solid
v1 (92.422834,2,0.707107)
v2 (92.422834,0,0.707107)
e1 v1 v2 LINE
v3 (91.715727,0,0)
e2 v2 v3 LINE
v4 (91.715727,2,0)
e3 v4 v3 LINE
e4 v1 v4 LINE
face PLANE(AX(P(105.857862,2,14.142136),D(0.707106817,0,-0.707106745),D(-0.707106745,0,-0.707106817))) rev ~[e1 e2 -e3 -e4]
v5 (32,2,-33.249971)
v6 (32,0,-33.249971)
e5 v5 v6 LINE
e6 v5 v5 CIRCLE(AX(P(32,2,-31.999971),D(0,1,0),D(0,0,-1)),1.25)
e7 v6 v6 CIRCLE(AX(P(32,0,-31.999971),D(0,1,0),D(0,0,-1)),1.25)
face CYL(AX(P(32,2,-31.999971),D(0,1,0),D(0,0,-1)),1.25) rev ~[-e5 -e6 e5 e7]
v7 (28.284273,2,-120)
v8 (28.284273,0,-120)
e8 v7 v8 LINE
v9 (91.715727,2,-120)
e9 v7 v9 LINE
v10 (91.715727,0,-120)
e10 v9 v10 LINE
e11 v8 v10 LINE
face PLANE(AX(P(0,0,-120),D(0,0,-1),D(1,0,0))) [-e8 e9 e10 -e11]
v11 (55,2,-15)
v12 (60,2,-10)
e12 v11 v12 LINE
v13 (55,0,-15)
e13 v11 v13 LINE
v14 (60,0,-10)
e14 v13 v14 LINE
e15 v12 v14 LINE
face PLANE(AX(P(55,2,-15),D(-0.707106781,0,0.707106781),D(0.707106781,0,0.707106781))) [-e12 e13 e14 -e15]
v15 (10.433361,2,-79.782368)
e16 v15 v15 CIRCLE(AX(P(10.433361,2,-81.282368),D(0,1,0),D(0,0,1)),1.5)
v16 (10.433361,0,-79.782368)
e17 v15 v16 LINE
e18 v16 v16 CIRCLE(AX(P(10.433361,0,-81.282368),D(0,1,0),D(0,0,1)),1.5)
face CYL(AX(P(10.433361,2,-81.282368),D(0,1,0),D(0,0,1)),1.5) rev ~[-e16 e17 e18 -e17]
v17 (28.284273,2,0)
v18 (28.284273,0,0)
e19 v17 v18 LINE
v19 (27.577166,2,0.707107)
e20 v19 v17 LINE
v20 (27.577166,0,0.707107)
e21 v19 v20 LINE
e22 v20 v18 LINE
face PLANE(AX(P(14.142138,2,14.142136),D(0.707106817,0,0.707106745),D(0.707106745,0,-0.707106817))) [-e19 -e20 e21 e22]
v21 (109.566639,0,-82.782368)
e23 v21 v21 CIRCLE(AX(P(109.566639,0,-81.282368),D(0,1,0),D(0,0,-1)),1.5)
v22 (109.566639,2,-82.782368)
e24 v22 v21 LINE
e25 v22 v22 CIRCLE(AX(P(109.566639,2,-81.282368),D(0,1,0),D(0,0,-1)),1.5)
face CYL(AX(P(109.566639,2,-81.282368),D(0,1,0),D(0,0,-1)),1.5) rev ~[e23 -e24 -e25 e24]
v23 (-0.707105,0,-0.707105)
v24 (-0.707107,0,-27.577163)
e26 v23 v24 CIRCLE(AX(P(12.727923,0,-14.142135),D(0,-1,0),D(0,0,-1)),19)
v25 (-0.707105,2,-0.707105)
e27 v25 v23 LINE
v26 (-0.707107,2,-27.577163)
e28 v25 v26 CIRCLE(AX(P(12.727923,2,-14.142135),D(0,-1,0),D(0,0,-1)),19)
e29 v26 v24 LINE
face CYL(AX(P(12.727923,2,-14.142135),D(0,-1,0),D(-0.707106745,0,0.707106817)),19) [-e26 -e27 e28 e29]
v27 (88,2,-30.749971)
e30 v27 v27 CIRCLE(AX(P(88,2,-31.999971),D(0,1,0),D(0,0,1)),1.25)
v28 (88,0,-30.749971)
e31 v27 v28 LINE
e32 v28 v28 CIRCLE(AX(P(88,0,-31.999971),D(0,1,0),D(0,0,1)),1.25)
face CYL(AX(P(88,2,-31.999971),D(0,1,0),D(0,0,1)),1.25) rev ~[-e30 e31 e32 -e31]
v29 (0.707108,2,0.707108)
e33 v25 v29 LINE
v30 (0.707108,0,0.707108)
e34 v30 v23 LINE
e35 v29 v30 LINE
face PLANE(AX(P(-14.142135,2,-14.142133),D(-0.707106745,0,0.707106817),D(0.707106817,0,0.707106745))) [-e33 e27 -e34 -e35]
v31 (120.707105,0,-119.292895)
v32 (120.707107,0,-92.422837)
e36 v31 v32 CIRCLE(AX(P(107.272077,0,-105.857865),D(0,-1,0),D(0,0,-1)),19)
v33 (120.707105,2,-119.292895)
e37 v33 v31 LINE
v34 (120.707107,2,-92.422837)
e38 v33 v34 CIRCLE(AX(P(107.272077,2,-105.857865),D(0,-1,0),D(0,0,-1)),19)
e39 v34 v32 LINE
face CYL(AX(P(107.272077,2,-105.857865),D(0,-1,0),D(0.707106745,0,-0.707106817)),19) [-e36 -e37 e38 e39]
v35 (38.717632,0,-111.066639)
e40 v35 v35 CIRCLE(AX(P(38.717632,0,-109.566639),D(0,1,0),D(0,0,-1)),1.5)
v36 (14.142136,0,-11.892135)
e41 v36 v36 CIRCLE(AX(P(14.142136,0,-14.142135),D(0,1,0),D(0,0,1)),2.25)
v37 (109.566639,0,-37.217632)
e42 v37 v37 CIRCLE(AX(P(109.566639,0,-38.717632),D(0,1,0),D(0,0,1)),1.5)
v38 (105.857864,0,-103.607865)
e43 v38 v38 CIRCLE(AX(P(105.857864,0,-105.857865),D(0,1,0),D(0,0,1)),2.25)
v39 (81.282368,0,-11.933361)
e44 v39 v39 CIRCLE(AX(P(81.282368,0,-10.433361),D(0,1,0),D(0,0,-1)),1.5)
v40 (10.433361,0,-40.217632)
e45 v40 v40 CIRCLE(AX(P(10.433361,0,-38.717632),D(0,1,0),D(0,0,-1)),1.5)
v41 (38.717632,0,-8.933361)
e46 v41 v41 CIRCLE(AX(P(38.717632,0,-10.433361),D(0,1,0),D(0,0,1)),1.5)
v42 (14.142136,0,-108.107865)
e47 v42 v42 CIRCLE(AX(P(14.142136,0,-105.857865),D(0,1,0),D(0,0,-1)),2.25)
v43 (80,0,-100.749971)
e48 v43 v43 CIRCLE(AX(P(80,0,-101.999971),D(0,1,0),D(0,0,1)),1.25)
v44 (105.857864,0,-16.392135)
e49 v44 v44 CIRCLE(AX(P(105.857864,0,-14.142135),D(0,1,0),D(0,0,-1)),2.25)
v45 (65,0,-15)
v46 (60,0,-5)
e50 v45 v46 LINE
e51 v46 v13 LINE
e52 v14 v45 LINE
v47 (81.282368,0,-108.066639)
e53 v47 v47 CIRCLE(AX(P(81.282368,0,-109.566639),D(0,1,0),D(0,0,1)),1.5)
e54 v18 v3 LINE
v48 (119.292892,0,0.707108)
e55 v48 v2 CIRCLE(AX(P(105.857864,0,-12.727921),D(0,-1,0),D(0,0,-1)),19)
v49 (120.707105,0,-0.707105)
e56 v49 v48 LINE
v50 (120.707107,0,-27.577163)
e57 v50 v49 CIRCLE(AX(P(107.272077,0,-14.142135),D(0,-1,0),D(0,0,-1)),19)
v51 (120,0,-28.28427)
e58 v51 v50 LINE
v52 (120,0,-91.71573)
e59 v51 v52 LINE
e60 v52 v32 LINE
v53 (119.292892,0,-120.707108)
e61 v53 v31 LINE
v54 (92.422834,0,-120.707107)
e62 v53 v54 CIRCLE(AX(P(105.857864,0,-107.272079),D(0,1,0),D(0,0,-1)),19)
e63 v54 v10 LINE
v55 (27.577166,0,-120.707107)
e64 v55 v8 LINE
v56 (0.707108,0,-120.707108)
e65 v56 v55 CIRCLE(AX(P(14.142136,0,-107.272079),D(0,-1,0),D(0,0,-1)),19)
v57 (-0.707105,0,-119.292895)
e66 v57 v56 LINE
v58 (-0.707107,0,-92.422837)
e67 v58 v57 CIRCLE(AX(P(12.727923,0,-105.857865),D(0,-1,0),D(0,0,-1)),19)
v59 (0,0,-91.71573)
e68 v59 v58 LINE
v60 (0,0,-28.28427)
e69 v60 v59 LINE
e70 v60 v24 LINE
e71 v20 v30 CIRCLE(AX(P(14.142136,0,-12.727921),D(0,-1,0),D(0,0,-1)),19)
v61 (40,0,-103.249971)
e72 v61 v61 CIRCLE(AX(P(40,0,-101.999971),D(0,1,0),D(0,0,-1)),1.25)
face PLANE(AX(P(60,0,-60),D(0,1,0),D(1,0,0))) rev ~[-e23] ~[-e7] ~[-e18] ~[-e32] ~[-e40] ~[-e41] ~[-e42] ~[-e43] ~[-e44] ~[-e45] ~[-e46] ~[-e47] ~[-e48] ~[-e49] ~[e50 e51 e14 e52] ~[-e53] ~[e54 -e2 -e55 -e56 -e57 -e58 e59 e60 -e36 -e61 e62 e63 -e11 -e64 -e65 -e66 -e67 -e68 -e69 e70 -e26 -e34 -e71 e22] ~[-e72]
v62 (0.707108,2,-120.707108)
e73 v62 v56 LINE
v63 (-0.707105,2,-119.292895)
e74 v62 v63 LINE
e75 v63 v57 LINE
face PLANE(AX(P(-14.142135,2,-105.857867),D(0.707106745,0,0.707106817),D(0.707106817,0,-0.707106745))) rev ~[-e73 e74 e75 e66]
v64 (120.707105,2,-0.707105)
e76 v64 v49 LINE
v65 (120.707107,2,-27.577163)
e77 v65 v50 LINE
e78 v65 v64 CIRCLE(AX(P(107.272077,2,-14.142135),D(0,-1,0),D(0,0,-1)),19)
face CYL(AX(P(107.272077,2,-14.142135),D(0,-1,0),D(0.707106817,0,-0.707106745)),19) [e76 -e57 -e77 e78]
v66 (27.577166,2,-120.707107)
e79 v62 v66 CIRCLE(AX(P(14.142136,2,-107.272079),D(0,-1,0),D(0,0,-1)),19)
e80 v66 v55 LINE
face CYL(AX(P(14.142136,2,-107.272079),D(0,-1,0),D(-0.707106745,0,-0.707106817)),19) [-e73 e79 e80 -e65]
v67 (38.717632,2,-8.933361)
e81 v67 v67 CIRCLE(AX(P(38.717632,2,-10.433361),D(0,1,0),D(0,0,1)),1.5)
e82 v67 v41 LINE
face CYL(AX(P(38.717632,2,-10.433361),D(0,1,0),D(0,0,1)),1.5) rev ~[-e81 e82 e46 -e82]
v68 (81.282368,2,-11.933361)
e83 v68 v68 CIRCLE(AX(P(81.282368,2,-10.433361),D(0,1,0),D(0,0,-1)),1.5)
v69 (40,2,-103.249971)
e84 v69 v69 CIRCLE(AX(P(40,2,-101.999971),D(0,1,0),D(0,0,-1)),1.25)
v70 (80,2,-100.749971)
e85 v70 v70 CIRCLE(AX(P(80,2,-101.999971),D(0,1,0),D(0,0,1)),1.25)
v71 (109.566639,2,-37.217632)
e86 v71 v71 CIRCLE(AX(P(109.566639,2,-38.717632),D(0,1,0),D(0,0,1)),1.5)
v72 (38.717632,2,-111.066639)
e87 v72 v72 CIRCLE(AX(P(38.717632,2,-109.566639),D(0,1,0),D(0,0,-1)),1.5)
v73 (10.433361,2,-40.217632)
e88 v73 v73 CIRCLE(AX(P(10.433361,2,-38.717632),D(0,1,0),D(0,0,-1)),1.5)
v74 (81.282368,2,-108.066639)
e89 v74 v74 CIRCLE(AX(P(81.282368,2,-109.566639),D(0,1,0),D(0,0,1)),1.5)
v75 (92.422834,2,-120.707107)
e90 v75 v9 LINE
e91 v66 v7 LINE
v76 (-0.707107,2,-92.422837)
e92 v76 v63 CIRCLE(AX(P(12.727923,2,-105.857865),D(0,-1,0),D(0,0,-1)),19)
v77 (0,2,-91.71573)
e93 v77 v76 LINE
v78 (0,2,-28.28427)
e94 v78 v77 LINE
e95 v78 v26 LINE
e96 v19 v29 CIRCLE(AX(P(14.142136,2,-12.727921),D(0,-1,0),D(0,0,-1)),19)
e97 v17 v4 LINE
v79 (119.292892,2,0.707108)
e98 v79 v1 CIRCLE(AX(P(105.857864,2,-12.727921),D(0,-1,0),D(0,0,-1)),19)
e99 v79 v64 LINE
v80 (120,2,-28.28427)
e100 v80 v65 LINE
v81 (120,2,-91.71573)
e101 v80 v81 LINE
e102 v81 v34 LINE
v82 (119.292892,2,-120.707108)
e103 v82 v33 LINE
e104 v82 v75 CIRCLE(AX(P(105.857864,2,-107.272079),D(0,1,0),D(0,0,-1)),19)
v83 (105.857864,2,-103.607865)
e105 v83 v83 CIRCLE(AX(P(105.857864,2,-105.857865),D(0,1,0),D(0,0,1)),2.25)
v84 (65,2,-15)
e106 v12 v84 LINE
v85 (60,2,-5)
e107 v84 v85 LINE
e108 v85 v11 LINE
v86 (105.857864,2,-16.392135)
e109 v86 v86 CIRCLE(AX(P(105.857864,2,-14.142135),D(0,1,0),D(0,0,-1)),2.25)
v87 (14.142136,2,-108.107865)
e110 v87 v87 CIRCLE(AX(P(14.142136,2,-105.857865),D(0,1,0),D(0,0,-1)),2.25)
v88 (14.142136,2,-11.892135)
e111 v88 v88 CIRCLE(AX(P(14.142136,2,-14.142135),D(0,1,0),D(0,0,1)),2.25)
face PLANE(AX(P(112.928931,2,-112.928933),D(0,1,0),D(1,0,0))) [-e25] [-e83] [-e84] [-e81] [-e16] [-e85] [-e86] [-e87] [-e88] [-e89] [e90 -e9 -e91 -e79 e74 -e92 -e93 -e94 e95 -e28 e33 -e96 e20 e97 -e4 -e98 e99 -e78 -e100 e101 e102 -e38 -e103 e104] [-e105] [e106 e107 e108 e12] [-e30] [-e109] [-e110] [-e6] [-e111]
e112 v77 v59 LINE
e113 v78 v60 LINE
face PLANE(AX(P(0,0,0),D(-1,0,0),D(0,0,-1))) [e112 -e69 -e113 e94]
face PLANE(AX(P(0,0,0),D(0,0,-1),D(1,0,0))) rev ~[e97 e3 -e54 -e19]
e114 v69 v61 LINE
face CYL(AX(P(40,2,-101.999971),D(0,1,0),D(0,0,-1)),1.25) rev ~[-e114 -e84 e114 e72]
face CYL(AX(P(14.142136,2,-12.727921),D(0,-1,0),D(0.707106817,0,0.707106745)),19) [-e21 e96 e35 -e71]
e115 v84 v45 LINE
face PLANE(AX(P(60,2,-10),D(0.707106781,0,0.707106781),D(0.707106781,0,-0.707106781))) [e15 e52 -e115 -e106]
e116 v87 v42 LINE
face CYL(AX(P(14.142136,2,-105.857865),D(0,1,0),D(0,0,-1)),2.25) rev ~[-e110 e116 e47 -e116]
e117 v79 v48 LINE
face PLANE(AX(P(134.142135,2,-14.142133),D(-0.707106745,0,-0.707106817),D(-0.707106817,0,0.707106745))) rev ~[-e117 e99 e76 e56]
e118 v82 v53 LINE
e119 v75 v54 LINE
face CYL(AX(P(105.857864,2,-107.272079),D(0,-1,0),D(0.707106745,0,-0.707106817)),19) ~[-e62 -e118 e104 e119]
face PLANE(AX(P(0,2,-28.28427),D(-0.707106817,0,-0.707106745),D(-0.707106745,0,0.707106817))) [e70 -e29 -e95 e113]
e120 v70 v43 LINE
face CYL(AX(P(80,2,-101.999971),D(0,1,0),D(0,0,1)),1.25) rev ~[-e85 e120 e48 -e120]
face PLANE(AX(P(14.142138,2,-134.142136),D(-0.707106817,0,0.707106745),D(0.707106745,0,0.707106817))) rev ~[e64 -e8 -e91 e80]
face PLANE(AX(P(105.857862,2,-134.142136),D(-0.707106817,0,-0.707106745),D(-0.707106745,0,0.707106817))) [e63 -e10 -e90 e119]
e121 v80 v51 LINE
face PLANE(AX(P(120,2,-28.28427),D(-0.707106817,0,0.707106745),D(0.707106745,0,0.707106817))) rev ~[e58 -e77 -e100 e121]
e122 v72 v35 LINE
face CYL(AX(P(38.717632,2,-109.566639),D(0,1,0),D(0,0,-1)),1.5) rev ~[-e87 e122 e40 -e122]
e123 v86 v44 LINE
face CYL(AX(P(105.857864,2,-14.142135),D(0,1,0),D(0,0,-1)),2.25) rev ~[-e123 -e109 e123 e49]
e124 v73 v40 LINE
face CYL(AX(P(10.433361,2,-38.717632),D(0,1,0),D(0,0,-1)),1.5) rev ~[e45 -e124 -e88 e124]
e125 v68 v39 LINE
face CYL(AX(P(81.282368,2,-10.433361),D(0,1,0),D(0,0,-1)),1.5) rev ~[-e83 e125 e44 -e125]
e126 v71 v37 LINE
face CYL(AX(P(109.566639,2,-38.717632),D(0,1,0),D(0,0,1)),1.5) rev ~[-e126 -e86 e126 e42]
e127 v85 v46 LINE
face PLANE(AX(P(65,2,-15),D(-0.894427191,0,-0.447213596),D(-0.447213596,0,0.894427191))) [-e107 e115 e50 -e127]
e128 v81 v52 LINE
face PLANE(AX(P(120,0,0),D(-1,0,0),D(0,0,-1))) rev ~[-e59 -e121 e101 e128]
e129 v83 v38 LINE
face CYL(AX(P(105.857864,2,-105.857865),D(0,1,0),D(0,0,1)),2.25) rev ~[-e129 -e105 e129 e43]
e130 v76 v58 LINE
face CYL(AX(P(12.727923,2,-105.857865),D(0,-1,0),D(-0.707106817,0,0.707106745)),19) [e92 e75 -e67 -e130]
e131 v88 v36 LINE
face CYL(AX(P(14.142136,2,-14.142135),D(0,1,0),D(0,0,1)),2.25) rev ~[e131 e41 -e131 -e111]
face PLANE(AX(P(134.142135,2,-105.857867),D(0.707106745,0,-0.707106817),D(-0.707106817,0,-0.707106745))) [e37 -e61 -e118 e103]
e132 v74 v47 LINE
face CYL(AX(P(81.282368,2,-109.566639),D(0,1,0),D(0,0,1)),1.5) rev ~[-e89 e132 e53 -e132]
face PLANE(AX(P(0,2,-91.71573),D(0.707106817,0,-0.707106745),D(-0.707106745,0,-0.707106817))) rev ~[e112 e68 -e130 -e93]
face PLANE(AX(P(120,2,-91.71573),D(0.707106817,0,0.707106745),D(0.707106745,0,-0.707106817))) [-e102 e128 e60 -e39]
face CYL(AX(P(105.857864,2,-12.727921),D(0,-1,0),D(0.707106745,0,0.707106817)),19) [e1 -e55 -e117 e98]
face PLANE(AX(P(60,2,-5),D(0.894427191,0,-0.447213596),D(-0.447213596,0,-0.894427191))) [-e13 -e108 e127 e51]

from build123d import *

# Parameters (mm, degrees)
SKETCH1_W           = 120
SKETCH1_H           = 120
BOSS_EXTRUDE1_DEPTH = 2
BOSS_EXTRUDE3_DEPTH = 2
FILLET1_R           = 19
SKETCH4_R           = 1.5
CUT_EXTRUDE2_DEPTH  = 2
SKETCH5_R           = 2.25
CUT_EXTRUDE3_DEPTH  = 10
SKETCH6_R           = 1.25
CUT_EXTRUDE4_DEPTH  = 15
CUT_EXTRUDE5_DEPTH  = 2


with BuildPart() as part:
    # Sketch1 → Boss-Extrude1 (new body)
    with BuildSketch(Plane(origin=(0, 0, 0), x_dir=(1, 0, 0), z_dir=(0, 1, 0))):
        with Locations((60, 60)):
            Rectangle(SKETCH1_W, SKETCH1_H)
    extrude(amount=BOSS_EXTRUDE1_DEPTH)

    # Sketch2 → Boss-Extrude3 (add)
    with BuildSketch(Plane(origin=(0, 2, 0), x_dir=(1, 0, 0), z_dir=(0, 1, 0))):
        Polygon((91.715727302, 120), (120, 91.715730203), (134.142134899, 105.857866552), (105.857862201, 134.142136349), align=None)
        Polygon((0, 91.715730203), (-14.142134899, 105.857866552), (14.142137799, 134.142136349), (28.284272698, 120), align=None)
        Polygon((28.284272698, 0), (0, 28.284269797), (-14.142134899, 14.142133448), (14.142137799, -14.142136349), align=None)
        Polygon((120, 28.284269797), (134.142134899, 14.142133448), (105.857862201, -14.142136349), (91.715727302, 0), align=None)
    extrude(amount=-BOSS_EXTRUDE3_DEPTH)

    # Fillet1
    fillet1_edges = [part.edges().sort_by_distance(p)[0] for p in [
        (105.857862201, 1, -134.142136349),
        (134.142134899, 1, -105.857866552),
        (-14.142134899, 1, -105.857866552),
        (14.142137799, 1, -134.142136349),
        (14.142137799, 1, 14.142136349),
        (-14.142134899, 1, -14.142133448),
        (134.142134899, 1, -14.142133448),
        (105.857862201, 1, 14.142136349),
    ]]
    fillet(fillet1_edges, radius=FILLET1_R)

    # Sketch4 → Cut-Extrude2 (cut)
    with BuildSketch(Plane(origin=(0, 2, 0), x_dir=(1, 0, 0), z_dir=(0, 1, 0))):
        with Locations(Location((38.717632184, 10.433360556, 0), (0, 0, 270))):
            Circle(SKETCH4_R)
        with Locations(Location((10.433360556, 38.717632184, 0), (0, 0, 90))):
            Circle(SKETCH4_R)
        with Locations(Location((81.282367816, 10.433360556, 0), (0, 0, 90))):
            Circle(SKETCH4_R)
        with Locations(Location((109.566639444, 38.717632184, 0), (0, 0, 270))):
            Circle(SKETCH4_R)
        with Locations(Location((38.717632184, 109.566639444, 0), (0, 0, 90))):
            Circle(SKETCH4_R)
        with Locations(Location((10.433360556, 81.282367816, 0), (0, 0, 270))):
            Circle(SKETCH4_R)
        with Locations(Location((81.282367816, 109.566639444, 0), (0, 0, 270))):
            Circle(SKETCH4_R)
        with Locations(Location((109.566639444, 81.282367816, 0), (0, 0, 90))):
            Circle(SKETCH4_R)
    extrude(amount=-CUT_EXTRUDE2_DEPTH, mode=Mode.SUBTRACT)

    # Sketch5 → Cut-Extrude3 (cut)
    with BuildSketch(Plane(origin=(0, 2, 0), x_dir=(1, 0, 0), z_dir=(0, 1, 0))):
        with Locations(Location((14.142136349, 14.142134899, 0), (0, 0, 270))):
            Circle(SKETCH5_R)
        with Locations(Location((105.857863651, 14.142134899, 0), (0, 0, 90))):
            Circle(SKETCH5_R)
        with Locations(Location((14.142136349, 105.857865101, 0), (0, 0, 90))):
            Circle(SKETCH5_R)
        with Locations(Location((105.857863651, 105.857865101, 0), (0, 0, 270))):
            Circle(SKETCH5_R)
    extrude(amount=-CUT_EXTRUDE3_DEPTH, mode=Mode.SUBTRACT)

    # Sketch6 → Cut-Extrude4 (cut)
    with BuildSketch(Plane(origin=(0, 2, 0), x_dir=(1, 0, 0), z_dir=(0, 1, 0))):
        with Locations(Location((80, 101.999971357, 0), (0, 0, 270))):
            Circle(SKETCH6_R)
        with Locations(Location((88, 31.999971357, 0), (0, 0, 270))):
            Circle(SKETCH6_R)
        with Locations(Location((32, 31.999971357, 0), (0, 0, 90))):
            Circle(SKETCH6_R)
        with Locations(Location((40, 101.999971357, 0), (0, 0, 90))):
            Circle(SKETCH6_R)
    extrude(amount=-CUT_EXTRUDE4_DEPTH, mode=Mode.SUBTRACT)

    # Sketch7 → Cut-Extrude5 (cut)
    with BuildSketch(Plane(origin=(0, 2, 0), x_dir=(1, 0, 0), z_dir=(0, 1, 0))):
        Polygon((65, 15), (60, 5), (55, 15), (60, 10), align=None)
    extrude(amount=-CUT_EXTRUDE5_DEPTH, mode=Mode.SUBTRACT)


solid = part.part
